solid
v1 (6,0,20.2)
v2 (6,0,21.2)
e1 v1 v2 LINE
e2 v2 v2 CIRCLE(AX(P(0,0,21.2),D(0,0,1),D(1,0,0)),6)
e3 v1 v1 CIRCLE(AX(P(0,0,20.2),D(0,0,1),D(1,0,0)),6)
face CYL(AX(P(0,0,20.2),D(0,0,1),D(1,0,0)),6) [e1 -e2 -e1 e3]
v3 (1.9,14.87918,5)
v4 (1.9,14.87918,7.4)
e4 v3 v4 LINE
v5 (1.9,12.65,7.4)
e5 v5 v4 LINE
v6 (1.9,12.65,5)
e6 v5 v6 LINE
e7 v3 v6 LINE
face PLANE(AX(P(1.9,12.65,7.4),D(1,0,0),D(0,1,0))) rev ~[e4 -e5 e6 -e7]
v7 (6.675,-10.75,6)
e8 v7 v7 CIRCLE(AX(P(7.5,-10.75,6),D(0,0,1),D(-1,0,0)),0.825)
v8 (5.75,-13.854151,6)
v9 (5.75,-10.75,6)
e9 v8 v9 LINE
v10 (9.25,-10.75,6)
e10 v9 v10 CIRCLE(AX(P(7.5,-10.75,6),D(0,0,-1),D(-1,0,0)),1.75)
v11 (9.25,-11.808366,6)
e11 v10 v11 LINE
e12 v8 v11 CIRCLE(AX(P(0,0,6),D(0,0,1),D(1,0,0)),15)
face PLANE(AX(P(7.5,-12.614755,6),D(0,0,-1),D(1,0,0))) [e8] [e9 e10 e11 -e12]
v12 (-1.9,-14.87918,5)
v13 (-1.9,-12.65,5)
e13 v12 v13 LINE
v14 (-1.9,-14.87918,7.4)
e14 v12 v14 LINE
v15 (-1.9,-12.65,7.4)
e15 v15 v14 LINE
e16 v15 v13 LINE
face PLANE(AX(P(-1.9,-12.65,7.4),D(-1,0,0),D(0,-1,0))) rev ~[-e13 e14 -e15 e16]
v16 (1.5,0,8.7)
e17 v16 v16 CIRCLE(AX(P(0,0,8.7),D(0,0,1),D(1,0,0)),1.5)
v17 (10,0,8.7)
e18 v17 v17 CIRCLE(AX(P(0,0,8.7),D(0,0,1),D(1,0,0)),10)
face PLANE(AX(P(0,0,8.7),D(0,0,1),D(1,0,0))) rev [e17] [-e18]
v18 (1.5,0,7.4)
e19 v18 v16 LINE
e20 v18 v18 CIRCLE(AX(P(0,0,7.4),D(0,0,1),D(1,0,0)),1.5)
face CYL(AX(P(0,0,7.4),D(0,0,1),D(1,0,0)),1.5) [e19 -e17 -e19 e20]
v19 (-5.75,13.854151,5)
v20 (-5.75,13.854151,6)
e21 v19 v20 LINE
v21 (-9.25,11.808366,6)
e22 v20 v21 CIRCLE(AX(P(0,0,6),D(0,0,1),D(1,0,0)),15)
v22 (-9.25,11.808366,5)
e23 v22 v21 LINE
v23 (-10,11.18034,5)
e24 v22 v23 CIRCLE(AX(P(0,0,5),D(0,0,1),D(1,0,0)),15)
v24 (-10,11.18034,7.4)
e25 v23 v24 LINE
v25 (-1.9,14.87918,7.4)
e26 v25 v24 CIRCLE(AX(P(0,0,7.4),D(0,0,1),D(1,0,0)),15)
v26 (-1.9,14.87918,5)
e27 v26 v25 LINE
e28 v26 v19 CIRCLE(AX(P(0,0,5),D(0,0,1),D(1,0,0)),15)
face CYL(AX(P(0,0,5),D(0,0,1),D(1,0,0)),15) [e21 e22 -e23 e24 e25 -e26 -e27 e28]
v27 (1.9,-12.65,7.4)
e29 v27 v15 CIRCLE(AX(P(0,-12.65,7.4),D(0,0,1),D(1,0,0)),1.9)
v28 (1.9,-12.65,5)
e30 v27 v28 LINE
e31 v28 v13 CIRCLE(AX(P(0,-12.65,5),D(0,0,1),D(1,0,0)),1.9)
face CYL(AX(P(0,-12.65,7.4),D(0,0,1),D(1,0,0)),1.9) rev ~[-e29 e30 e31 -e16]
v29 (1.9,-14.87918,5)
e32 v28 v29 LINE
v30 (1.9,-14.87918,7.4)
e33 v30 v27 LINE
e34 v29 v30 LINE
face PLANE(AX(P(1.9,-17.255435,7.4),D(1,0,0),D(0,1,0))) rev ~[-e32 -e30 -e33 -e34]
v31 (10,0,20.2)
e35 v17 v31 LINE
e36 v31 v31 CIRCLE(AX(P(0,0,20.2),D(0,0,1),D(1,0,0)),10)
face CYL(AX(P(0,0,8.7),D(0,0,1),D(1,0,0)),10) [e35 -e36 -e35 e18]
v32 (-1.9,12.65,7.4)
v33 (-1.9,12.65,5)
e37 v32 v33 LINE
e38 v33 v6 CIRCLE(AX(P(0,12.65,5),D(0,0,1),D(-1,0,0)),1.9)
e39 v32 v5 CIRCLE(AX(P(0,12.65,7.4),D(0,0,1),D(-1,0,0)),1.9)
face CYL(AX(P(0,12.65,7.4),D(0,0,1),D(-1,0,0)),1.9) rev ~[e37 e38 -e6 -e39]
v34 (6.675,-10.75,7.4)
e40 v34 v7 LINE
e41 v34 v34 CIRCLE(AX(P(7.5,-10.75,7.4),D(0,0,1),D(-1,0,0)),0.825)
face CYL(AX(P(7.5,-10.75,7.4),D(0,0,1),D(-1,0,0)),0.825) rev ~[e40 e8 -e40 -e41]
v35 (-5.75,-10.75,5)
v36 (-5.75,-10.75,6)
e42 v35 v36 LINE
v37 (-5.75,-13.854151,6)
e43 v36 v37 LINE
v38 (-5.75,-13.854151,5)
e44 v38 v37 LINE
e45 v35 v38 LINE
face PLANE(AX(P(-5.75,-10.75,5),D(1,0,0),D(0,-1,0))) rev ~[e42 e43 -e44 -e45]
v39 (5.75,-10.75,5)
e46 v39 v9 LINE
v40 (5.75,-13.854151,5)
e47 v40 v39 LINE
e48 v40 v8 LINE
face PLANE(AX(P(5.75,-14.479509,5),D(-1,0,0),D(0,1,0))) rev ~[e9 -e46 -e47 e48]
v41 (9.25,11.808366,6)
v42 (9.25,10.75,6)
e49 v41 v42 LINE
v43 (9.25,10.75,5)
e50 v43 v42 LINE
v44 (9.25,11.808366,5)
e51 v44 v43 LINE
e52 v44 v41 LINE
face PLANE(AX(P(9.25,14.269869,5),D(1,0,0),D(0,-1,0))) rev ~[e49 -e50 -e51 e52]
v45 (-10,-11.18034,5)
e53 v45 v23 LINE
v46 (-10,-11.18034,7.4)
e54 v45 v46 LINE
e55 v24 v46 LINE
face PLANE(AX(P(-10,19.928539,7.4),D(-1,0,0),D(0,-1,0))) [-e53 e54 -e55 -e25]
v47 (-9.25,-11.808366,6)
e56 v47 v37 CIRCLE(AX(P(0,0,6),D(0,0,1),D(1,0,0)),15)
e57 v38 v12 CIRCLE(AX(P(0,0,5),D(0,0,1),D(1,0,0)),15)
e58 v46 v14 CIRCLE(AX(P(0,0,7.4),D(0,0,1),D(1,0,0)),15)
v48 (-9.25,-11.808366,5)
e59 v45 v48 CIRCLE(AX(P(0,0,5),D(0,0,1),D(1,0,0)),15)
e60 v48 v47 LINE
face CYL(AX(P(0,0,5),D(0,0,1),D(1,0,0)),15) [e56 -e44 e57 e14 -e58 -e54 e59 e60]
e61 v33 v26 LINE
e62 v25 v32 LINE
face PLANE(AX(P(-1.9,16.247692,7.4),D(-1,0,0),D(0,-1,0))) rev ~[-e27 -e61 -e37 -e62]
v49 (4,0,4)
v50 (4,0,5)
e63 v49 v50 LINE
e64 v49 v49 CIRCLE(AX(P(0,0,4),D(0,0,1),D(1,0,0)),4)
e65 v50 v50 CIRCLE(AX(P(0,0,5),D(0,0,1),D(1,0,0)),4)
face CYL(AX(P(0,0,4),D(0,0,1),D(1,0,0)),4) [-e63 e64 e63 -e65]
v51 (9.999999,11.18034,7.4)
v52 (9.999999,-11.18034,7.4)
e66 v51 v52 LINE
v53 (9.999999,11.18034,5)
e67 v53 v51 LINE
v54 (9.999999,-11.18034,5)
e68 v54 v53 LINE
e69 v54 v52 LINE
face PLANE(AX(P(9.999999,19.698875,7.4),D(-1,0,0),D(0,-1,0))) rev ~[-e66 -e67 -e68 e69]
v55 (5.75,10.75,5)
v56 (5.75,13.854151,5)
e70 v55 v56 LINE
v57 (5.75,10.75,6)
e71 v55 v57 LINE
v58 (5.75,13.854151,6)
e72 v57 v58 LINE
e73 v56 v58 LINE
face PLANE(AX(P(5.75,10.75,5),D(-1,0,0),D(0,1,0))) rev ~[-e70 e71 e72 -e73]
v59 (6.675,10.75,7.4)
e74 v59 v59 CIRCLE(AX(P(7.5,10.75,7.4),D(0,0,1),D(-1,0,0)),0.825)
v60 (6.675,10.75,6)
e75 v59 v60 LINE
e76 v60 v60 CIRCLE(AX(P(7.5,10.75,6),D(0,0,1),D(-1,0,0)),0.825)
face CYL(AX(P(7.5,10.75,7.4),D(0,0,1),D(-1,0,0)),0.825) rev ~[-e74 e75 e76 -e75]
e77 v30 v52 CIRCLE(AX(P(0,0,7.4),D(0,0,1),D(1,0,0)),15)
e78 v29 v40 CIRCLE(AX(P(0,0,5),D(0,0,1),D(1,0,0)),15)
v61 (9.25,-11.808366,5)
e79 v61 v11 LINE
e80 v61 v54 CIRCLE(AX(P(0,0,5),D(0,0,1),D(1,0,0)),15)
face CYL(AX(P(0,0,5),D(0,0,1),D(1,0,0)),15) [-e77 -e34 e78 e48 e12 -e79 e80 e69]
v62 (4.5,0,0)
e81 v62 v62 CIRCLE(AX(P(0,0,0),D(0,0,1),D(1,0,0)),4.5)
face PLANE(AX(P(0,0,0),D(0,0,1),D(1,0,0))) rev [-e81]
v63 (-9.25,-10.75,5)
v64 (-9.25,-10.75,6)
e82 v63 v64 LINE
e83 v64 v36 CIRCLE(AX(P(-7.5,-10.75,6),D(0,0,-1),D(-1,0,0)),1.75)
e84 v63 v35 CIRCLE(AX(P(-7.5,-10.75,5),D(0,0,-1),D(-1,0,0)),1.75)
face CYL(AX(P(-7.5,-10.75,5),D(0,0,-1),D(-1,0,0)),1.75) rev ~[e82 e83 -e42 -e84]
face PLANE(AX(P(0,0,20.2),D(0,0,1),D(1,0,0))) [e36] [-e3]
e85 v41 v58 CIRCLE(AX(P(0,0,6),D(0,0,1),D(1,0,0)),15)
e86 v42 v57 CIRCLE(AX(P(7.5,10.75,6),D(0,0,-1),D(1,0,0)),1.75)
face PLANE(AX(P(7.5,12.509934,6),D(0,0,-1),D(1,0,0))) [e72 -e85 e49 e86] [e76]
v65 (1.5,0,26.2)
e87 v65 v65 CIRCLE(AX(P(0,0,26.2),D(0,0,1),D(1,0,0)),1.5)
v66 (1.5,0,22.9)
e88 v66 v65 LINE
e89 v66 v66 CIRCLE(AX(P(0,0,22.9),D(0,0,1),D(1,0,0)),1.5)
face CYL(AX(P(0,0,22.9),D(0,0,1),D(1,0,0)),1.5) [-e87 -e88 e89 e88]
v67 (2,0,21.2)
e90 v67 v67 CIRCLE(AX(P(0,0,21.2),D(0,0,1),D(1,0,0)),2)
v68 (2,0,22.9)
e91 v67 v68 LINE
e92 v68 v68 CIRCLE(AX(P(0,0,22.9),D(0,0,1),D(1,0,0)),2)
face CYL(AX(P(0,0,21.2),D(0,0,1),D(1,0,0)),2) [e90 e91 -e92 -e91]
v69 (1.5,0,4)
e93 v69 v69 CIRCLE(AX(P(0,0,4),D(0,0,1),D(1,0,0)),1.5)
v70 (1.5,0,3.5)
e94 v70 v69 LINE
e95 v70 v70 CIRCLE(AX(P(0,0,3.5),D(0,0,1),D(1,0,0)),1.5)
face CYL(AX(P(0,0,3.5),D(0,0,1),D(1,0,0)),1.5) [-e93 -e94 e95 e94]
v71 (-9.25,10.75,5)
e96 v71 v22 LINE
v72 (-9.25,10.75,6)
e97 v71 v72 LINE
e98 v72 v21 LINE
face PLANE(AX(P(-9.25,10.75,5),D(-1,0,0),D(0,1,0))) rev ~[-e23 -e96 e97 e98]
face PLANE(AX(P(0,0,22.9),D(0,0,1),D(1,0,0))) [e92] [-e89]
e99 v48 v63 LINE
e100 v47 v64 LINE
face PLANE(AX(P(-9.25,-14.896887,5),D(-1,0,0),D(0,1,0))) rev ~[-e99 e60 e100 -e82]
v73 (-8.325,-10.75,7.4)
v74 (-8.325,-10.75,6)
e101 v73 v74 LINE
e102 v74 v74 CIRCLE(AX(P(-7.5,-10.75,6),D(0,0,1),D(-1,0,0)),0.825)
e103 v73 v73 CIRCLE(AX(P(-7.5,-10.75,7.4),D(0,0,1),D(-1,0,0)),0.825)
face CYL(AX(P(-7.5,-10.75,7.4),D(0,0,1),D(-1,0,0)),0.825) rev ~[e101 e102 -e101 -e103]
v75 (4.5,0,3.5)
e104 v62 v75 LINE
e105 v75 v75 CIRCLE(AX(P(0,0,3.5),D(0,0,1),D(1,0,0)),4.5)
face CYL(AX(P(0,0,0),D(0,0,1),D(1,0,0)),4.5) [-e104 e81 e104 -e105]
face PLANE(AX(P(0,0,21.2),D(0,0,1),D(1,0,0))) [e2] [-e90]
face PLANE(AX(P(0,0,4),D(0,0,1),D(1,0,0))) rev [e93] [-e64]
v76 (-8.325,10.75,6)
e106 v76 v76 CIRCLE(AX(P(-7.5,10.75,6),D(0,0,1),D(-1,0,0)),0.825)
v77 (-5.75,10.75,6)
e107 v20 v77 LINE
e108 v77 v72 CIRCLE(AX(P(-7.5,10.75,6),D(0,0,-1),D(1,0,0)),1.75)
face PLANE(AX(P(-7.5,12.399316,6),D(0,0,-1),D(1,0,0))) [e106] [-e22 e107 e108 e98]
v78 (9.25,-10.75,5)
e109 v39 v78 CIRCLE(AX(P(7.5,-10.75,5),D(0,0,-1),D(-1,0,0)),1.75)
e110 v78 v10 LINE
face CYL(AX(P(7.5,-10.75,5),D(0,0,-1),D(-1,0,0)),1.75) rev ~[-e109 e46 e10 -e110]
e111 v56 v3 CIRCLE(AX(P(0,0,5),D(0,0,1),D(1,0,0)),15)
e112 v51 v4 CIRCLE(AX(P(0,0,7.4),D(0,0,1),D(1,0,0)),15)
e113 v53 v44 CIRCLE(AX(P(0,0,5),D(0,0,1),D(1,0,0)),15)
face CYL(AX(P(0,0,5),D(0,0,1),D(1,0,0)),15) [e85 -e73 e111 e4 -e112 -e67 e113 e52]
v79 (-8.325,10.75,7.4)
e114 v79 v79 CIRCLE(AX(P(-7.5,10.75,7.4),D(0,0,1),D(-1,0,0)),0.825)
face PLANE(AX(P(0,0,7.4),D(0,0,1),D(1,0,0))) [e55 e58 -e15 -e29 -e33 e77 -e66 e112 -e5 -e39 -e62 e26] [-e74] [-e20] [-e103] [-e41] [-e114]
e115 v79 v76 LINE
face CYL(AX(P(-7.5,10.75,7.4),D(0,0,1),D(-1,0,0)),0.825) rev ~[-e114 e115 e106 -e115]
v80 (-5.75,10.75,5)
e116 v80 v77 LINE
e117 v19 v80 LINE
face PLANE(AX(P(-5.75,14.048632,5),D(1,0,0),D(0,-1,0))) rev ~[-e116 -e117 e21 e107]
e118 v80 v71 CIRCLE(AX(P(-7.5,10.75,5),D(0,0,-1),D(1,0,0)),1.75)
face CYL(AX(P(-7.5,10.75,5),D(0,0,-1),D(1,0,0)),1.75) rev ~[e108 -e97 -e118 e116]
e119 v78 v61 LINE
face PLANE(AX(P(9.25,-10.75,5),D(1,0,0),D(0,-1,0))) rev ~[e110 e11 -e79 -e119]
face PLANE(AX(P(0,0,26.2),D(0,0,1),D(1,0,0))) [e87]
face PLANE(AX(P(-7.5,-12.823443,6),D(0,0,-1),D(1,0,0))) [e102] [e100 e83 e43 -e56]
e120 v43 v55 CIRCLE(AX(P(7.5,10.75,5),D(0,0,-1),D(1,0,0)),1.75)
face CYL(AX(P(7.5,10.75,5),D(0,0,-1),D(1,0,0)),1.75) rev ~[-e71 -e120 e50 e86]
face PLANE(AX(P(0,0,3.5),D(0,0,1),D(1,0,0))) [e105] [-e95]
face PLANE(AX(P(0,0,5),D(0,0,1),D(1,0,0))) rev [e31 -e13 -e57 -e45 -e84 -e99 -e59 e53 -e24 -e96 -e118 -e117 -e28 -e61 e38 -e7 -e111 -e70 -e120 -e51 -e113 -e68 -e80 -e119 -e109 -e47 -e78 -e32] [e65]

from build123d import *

# Parameters (mm, degrees)
SKETCH001_W     = 14.830339
SKETCH001_H     = 37.894496
SKETCH001_W_2   = 11.332046
SKETCH001_H_2   = 38.12416
POCKET_DEPTH    = 7.401
SKETCH002_R     = 0.825
POCKET001_DEPTH = 7.401
POCKET002_DEPTH = 1


with BuildPart() as part:
    # Sketch → Revolution (revolve)
    with BuildSketch(Plane.XZ):
        Polygon((0, 0), (4.5, 0), (4.5, 3.5), (1.5, 3.5), (1.5, 4), (4, 4), (4, 5), (15, 5), (15, 7.4), (1.5, 7.4), (1.5, 8.7), (10, 8.7), (10, 20.2), (6, 20.2), (6, 21.2), (2, 21.2), (2, 22.9), (1.5, 22.9), (1.5, 26.2), (0, 26.2), align=None)
    revolve(axis=Axis((0, 0, 0), (0, 0, 1)))

    # Sketch001 (on Face9 of Revolution) → Pocket (cut, through all)
    with BuildSketch(Plane(origin=(0, 0, 7.4), x_dir=(-1, 0, 0), z_dir=(0, 0, 1))):
        with Locations((-17.415169, -0.751627)):
            Rectangle(SKETCH001_W, SKETCH001_H)
        with Locations((15.666023, -0.866459)):
            Rectangle(SKETCH001_W_2, SKETCH001_H_2)
    extrude(amount=-POCKET_DEPTH, mode=Mode.SUBTRACT)

    # Sketch002 (on Face12 of Pocket) → Pocket001 (cut, through all)
    with BuildSketch(Plane(origin=(0, 0, 7.4), x_dir=(-1, 0, 0), z_dir=(0, 0, 1))):
        with Locations((-7.5, 10.75)):
            Circle(SKETCH002_R)
        with Locations((7.5, 10.75)):
            Circle(SKETCH002_R)
        with Locations((7.5, -10.75)):
            Circle(SKETCH002_R)
        with Locations((-7.5, -10.75)):
            Circle(SKETCH002_R)
        with BuildLine():
            ThreePointArc((1.9, 17.255435), (0, 19.155435), (-1.9, 17.255435))
            Line((-1.9, 17.255435), (-1.9, 12.65))
            ThreePointArc((-1.9, 12.65), (0, 10.75), (1.9, 12.65))
            Line((1.9, 12.65), (1.9, 17.255435))
        make_face()
        with BuildLine():
            ThreePointArc((-1.9, -16.247692), (0, -18.147692), (1.9, -16.247692))
            Line((1.9, -16.247692), (1.9, -12.65))
            ThreePointArc((1.9, -12.65), (0, -10.75), (-1.9, -12.65))
            Line((-1.9, -12.65), (-1.9, -16.247692))
        make_face()
    extrude(amount=-POCKET001_DEPTH, mode=Mode.SUBTRACT)

    # Sketch003 (on Face7 of Pocket001) → Pocket002 (cut)
    with BuildSketch(Plane(origin=(0, 0, 5), x_dir=(1, 0, 0), z_dir=(0, 0, -1))):
        with BuildLine():
            ThreePointArc((-5.75, 14.896887), (-7.5, 16.646887), (-9.25, 14.896887))
            Line((-9.25, 14.896887), (-9.25, 10.75))
            ThreePointArc((-9.25, 10.75), (-7.5, 9), (-5.75, 10.75))
            Line((-5.75, 10.75), (-5.75, 14.896887))
        make_face()
        with BuildLine():
            ThreePointArc((9.25, 14.479509), (7.5, 16.229509), (5.75, 14.479509))
            Line((5.75, 14.479509), (5.75, 10.75))
            ThreePointArc((5.75, 10.75), (7.5, 9), (9.25, 10.75))
            Line((9.25, 10.75), (9.25, 14.479509))
        make_face()
        with BuildLine():
            ThreePointArc((5.75, -14.269869), (7.5, -16.019869), (9.25, -14.269869))
            Line((9.25, -14.269869), (9.25, -10.75))
            ThreePointArc((9.25, -10.75), (7.5, -9), (5.75, -10.75))
            Line((5.75, -10.75), (5.75, -14.269869))
        make_face()
        with BuildLine():
            ThreePointArc((-9.25, -14.048632), (-7.5, -15.798632), (-5.75, -14.048632))
            Line((-5.75, -14.048632), (-5.75, -10.75))
            ThreePointArc((-5.75, -10.75), (-7.5, -9), (-9.25, -10.75))
            Line((-9.25, -10.75), (-9.25, -14.048632))
        make_face()
    extrude(amount=-POCKET002_DEPTH, mode=Mode.SUBTRACT)


solid = part.part
